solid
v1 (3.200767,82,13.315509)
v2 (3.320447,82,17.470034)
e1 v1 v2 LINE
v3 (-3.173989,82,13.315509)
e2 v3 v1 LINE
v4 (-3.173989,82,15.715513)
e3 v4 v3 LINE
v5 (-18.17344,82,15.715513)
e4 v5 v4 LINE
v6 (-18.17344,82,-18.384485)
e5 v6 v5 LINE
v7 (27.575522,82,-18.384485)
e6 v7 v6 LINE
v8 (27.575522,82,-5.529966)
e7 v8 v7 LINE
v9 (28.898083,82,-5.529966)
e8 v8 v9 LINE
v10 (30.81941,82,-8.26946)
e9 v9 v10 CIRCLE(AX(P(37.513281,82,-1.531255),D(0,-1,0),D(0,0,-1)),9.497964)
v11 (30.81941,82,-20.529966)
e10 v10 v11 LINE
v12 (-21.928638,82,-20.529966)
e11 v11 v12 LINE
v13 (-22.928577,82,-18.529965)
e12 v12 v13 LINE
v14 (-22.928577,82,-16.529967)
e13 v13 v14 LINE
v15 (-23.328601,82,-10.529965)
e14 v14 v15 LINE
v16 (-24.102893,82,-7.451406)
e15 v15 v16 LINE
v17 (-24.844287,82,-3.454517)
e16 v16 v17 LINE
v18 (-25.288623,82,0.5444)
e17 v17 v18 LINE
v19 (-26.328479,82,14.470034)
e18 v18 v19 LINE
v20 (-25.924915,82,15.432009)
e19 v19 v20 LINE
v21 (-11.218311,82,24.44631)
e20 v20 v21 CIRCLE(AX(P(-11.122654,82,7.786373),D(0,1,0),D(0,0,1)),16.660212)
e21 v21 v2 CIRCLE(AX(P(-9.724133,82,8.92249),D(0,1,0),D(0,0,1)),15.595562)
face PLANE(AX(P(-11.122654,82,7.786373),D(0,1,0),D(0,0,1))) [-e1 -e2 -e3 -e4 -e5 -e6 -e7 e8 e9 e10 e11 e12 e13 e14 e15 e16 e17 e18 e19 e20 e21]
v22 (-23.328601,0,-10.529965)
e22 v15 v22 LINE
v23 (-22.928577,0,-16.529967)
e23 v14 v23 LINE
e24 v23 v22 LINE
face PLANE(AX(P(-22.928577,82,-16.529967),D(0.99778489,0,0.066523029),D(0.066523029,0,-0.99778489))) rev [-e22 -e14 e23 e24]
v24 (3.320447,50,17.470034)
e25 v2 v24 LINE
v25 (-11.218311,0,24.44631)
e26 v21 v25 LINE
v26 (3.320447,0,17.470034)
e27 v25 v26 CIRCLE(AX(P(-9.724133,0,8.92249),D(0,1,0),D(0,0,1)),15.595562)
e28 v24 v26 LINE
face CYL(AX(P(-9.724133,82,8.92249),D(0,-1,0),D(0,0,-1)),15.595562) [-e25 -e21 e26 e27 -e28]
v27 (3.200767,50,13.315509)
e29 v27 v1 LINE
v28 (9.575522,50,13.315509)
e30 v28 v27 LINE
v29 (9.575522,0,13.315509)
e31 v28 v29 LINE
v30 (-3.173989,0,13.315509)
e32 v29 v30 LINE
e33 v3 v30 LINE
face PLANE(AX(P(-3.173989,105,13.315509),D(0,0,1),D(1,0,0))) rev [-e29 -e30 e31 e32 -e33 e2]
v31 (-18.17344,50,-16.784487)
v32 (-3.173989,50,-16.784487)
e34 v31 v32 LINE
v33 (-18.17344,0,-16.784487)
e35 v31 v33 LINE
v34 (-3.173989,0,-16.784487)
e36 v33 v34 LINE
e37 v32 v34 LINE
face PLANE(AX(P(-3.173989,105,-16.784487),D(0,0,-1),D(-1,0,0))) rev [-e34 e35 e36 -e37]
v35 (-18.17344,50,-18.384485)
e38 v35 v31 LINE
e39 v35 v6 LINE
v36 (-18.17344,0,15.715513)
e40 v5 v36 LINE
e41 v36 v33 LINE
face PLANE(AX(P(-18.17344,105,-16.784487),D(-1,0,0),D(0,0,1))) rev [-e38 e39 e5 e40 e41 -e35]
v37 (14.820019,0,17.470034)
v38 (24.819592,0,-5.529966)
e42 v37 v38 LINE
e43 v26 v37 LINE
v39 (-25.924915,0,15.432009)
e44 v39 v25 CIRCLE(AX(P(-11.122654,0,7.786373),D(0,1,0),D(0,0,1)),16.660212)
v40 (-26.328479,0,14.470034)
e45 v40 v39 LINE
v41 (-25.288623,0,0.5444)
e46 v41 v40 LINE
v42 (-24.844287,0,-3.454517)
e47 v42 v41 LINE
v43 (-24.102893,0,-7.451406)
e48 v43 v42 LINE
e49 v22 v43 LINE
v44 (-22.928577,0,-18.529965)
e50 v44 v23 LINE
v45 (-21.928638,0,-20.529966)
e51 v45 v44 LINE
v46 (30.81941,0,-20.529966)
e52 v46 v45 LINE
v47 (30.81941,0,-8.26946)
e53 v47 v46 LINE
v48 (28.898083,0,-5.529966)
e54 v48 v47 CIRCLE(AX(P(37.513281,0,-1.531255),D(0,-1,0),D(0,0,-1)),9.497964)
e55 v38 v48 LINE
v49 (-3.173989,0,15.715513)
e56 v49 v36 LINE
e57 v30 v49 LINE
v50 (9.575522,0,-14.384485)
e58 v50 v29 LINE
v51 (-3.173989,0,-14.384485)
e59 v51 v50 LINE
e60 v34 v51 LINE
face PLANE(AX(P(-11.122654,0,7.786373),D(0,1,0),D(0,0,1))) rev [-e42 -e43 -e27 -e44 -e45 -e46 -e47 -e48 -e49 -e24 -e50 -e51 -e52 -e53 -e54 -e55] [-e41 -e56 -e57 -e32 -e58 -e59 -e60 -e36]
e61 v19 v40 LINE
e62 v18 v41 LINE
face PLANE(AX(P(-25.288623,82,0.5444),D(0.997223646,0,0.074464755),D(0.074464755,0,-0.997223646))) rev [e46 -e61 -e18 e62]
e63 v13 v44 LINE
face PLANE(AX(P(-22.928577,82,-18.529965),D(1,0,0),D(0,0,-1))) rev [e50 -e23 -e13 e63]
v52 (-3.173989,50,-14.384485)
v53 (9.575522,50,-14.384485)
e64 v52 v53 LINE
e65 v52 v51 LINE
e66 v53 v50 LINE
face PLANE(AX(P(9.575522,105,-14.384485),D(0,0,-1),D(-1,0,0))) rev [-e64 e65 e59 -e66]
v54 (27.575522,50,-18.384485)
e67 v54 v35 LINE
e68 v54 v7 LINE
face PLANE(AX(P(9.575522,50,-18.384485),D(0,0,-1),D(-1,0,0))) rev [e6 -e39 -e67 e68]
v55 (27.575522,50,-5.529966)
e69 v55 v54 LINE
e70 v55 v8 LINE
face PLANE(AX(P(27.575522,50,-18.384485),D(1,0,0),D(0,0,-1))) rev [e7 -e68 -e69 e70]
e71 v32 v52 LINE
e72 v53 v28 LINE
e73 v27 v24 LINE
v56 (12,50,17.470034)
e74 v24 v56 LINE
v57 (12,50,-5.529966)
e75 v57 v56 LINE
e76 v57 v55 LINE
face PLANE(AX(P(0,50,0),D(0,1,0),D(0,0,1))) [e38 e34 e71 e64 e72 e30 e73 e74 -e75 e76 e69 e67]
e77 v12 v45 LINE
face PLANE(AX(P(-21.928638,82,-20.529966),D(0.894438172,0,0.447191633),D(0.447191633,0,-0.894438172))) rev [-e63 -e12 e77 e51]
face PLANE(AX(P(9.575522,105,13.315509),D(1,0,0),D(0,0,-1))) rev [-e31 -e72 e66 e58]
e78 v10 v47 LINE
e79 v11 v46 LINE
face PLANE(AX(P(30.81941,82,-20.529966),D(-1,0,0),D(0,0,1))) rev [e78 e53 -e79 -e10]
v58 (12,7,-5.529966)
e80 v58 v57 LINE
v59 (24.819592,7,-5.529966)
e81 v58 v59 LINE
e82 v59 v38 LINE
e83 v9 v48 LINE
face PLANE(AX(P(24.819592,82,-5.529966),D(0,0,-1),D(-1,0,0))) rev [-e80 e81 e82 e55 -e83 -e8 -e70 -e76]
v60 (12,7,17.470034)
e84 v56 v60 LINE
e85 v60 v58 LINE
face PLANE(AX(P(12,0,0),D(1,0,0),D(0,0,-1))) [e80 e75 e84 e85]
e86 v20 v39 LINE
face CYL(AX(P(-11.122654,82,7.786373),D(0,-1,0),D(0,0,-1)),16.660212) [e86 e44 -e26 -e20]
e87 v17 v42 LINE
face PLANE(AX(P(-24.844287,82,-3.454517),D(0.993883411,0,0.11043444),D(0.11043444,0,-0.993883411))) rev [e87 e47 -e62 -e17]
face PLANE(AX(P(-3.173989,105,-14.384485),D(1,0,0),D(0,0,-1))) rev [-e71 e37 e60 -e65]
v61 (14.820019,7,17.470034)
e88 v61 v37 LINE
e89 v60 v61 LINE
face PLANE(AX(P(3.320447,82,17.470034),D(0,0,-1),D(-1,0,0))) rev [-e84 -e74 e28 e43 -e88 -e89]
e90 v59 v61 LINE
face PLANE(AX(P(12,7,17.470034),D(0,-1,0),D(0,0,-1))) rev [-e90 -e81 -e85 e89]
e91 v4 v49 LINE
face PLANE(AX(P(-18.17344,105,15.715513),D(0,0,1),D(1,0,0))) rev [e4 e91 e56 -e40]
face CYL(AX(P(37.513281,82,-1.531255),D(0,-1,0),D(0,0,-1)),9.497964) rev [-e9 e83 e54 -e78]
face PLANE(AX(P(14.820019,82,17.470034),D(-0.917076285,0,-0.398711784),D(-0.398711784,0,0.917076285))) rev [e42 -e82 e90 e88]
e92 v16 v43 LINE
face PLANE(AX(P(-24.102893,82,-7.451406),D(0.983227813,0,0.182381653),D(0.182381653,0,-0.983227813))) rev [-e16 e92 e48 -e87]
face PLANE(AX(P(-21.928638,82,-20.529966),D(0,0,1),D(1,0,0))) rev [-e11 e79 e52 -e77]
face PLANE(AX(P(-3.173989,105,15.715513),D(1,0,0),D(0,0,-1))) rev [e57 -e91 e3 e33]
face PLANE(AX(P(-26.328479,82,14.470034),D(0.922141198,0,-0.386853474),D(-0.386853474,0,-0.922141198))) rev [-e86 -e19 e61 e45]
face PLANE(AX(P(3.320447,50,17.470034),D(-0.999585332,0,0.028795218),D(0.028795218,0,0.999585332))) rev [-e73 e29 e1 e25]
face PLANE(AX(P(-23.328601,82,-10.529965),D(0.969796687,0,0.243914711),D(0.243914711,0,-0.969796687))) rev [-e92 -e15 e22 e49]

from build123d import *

# Parameters (mm, degrees)
BOSS_EXTRUDE1_DEPTH = 82
CUT_EXTRUDE1_DEPTH  = 105
SKETCH7_W           = 23
SKETCH7_H           = 43
CUT_EXTRUDE3_DEPTH  = 28
CUT_EXTRUDE4_DEPTH  = 32
CUT_EXTRUDE5_DEPTH  = 32
CUT_EXTRUDE6_DEPTH  = 32


with BuildPart() as part:
    # Sketch1 → Boss-Extrude1 (new body)
    with BuildSketch(Plane(origin=(0, 0, 0), x_dir=(1, 0, 0), z_dir=(0, 1, 0))):
        with BuildLine():
            Line((-21.9286378, 20.529965557), (30.819410356, 20.529965557))
            Line((30.819410356, 20.529965557), (30.819410356, 8.269460429))
            ThreePointArc((30.819410356, 8.269460429), (29.737157279, 6.984989328), (28.898083391, 5.52996605))
            Line((28.898083391, 5.52996605), (24.81959218, 5.52996605))
            Line((24.81959218, 5.52996605), (14.820019426, -17.47003395))
            Line((14.820019426, -17.47003395), (3.320446672, -17.47003395))
            ThreePointArc((3.320446672, -17.47003395), (-2.977277813, -22.983126936), (-11.218310652, -24.446310348))
            ThreePointArc((-11.218310652, -24.446310348), (-19.829053504, -21.990642561), (-25.924914656, -15.432009048))
            Line((-25.924914656, -15.432009048), (-26.328479109, -14.47003395))
            Line((-26.328479109, -14.47003395), (-25.288623152, -0.544399566))
            Line((-25.288623152, -0.544399566), (-24.844287214, 3.45451706))
            Line((-24.844287214, 3.45451706), (-24.102893172, 7.451406174))
            Line((-24.102893172, 7.451406174), (-23.328601179, 10.529965096))
            Line((-23.328601179, 10.529965096), (-22.928576765, 16.529967242))
            Line((-22.928576765, 16.529967242), (-22.928576765, 18.529964858))
            Line((-22.928576765, 18.529964858), (-21.9286378, 20.529965557))
        make_face()
    extrude(amount=BOSS_EXTRUDE1_DEPTH)

    # Sketch2 → Cut-Extrude1 (cut)
    with BuildSketch(Plane.XZ):
        Polygon((-18.173439963, -16.784486826), (-18.173439963, 15.715513413), (-3.173989279, 15.715513413), (-3.173989279, 13.315508549), (9.57552244, 13.315508549), (9.57552244, -14.3844853), (-3.173989279, -14.3844853), (-3.173989279, -16.784486826), align=None)
    extrude(amount=-CUT_EXTRUDE1_DEPTH, mode=Mode.SUBTRACT)

    # Sketch7 → Cut-Extrude3 (cut)
    with BuildSketch(Plane(origin=(40, 0, 0), x_dir=(0, 0, -1), z_dir=(1, 0, 0))):
        with Locations((-5.97003395, 28.5)):
            Rectangle(SKETCH7_W, SKETCH7_H)
    extrude(amount=-CUT_EXTRUDE3_DEPTH, mode=Mode.SUBTRACT)

    # Sketch9 → Cut-Extrude4 (cut)
    with BuildSketch(Plane(origin=(0, 82, 0), x_dir=(1, 0, 0), z_dir=(0, 1, 0))):
        Polygon((14.820019426, -17.47003395), (24.81959218, 5.52996605), (15.399238031, 5.52996605), align=None)
    extrude(amount=-CUT_EXTRUDE4_DEPTH, mode=Mode.SUBTRACT)

    # Sketch10 → Cut-Extrude5 (cut)
    with BuildSketch(Plane(origin=(0, 82, 0), x_dir=(1, 0, 0), z_dir=(0, 1, 0))):
        Polygon((3.320446672, -17.47003395), (3.20076658, -13.315508549), (9.57552244, -13.315508549), (9.57552244, 14.3844853), (9.57552244, 18.3844853), (27.57552244, 18.3844853), (27.57552244, 9.3844853), (27.57552244, 5.52996605), (15.399238031, 5.52996605), (14.820019426, -17.47003395), align=None)
    extrude(amount=-CUT_EXTRUDE5_DEPTH, mode=Mode.SUBTRACT)

    # Sketch12 → Cut-Extrude6 (cut)
    with BuildSketch(Plane(origin=(0, 82, 0), x_dir=(1, 0, 0), z_dir=(0, 1, 0))):
        Polygon((9.57552244, 14.3844853), (-3.173989279, 14.3844853), (-3.173989279, 16.784486826), (-18.173439963, 16.784486826), (-18.173439963, 18.3844853), (9.57552244, 18.3844853), align=None)
    extrude(amount=-CUT_EXTRUDE6_DEPTH, mode=Mode.SUBTRACT)


solid = part.part
